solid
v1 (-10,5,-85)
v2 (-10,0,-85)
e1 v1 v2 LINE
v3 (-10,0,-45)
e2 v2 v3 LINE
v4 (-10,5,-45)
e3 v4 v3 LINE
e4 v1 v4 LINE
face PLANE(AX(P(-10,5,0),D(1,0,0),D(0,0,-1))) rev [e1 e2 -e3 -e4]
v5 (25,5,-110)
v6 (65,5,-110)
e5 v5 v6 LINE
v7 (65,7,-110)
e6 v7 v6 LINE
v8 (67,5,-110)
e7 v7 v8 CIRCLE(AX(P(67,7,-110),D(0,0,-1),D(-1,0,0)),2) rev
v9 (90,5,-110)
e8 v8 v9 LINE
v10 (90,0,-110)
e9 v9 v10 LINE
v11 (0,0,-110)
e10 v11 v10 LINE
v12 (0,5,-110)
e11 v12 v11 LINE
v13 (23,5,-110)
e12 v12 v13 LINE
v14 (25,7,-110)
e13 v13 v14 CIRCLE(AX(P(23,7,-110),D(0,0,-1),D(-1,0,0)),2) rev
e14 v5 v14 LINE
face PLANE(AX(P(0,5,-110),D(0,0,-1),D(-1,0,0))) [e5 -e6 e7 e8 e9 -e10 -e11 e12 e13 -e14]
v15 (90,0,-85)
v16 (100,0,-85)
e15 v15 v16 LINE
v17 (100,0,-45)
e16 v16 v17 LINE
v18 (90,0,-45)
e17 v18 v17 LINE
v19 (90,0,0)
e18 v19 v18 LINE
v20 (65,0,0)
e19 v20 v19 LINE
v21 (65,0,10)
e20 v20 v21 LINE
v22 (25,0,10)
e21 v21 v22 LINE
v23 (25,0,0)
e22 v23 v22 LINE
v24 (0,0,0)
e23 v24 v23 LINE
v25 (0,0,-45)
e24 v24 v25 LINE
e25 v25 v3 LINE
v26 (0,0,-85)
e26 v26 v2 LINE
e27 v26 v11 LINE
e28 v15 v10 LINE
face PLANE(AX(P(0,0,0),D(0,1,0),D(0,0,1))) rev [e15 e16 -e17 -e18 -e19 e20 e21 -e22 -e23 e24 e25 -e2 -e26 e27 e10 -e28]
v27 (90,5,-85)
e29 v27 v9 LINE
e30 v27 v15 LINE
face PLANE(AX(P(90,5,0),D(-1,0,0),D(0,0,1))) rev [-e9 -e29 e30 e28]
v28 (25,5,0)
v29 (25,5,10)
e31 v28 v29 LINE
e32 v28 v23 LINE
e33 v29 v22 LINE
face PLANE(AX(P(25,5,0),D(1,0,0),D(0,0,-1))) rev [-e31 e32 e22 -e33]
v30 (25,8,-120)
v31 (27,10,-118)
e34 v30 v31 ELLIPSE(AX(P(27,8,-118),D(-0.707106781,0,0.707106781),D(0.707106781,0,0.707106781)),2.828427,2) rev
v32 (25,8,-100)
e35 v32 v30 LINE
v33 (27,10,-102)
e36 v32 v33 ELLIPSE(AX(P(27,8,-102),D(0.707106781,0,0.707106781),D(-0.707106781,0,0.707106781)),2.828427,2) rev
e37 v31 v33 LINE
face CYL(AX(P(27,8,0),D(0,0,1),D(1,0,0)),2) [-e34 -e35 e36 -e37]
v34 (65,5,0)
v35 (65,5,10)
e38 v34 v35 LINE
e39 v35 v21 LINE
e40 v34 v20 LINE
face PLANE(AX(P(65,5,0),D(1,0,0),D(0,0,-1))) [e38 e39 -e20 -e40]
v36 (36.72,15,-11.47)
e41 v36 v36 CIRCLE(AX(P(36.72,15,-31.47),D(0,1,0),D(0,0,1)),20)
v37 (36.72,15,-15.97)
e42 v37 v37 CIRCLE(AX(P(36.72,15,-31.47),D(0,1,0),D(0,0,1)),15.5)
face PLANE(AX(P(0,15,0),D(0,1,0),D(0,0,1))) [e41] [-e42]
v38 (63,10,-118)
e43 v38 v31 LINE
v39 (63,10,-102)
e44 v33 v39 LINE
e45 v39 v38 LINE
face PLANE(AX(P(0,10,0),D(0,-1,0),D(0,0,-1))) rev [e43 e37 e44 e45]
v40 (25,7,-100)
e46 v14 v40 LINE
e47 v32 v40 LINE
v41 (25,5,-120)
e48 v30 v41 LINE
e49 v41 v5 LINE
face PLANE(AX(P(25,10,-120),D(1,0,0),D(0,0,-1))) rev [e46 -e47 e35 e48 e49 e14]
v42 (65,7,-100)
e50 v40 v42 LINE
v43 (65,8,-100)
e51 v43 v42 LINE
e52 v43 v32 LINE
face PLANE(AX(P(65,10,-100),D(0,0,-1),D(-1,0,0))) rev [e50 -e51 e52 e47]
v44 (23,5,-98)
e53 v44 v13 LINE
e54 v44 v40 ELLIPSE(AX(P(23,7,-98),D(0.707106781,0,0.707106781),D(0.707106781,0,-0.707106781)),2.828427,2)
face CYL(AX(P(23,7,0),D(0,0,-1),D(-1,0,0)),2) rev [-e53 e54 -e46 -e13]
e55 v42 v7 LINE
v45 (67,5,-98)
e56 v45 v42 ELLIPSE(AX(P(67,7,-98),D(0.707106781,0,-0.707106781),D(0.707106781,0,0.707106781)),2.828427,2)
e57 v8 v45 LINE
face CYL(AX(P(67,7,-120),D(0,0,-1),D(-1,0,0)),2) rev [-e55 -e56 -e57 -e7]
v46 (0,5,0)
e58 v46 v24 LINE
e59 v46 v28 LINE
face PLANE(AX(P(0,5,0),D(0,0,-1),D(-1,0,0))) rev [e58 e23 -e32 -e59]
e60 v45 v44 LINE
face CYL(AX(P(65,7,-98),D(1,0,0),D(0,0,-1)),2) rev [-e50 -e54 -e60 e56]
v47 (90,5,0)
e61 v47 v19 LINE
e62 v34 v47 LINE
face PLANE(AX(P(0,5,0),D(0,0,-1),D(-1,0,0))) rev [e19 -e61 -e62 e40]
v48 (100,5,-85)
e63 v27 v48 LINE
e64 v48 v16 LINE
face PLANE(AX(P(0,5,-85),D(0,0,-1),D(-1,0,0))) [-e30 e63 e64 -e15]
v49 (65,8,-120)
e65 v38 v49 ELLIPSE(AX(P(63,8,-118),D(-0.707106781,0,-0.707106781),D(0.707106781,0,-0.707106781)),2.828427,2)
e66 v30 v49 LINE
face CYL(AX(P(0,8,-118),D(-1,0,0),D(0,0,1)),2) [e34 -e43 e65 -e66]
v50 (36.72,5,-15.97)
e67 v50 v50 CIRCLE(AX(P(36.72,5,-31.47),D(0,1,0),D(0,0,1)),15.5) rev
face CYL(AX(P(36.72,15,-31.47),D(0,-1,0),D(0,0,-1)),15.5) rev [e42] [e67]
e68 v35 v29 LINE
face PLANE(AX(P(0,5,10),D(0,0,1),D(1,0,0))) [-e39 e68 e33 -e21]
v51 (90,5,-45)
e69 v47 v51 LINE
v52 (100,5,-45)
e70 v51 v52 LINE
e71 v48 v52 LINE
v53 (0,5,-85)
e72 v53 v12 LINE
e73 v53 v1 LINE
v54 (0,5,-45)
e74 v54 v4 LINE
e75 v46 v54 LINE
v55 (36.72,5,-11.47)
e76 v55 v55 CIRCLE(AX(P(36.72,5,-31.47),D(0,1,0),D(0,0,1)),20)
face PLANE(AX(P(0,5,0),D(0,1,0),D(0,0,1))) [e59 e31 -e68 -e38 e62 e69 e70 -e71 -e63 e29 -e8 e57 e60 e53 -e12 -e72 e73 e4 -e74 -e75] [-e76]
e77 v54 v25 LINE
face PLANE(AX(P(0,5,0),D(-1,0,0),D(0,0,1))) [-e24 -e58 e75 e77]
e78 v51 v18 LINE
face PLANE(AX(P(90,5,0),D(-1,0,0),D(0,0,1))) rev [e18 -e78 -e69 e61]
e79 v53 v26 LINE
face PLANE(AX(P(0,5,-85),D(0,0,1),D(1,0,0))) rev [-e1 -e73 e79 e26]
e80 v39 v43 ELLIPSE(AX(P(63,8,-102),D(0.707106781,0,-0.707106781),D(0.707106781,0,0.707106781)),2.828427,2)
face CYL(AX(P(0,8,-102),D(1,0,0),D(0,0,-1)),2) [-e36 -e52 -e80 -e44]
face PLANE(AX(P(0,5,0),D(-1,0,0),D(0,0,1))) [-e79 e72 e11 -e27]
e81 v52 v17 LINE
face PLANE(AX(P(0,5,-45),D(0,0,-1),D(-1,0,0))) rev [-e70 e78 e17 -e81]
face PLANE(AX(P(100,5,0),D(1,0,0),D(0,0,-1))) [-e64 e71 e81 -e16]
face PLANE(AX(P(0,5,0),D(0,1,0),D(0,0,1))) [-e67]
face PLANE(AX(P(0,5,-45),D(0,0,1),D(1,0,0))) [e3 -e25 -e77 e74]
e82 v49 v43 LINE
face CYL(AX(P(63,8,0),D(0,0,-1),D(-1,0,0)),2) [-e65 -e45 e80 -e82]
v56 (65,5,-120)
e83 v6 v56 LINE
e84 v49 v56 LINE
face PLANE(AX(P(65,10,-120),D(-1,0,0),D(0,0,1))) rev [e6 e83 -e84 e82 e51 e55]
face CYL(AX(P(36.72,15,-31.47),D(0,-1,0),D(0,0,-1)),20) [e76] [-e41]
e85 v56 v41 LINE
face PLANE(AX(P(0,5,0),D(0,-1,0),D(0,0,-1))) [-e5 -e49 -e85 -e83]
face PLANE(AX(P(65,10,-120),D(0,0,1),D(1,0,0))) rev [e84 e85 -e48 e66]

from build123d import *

# Parameters (mm, degrees)
SKETCH1_W           = 90
SKETCH1_H           = 110
SKETCH1_W_2         = 10
SKETCH1_H_2         = 40
SKETCH1_W_3         = 40
SKETCH1_H_3         = 10
BOSS_EXTRUDE1_DEPTH = 5
SKETCH4_R           = 20
SKETCH4_R_2         = 15.5
BOSS_EXTRUDE2_DEPTH = 10
SKETCH5_W           = 40
SKETCH5_H           = 20
BOSS_EXTRUDE3_DEPTH = 5
FILLET1_R           = 2


with BuildPart() as part:
    # Sketch1 → Boss-Extrude1 (new body)
    with BuildSketch(Plane(origin=(0, 0, 0), x_dir=(1, 0, 0), z_dir=(0, 1, 0))):
        with Locations((45, 55)):
            Rectangle(SKETCH1_W, SKETCH1_H)
        with Locations((-5, 65)):
            Rectangle(SKETCH1_W_2, SKETCH1_H_2)
        with Locations((95, 65)):
            Rectangle(SKETCH1_W_2, SKETCH1_H_2)
        with Locations((45, -5)):
            Rectangle(SKETCH1_W_3, SKETCH1_H_3)
    extrude(amount=BOSS_EXTRUDE1_DEPTH)

    # Sketch4 → Boss-Extrude2 (add)
    with BuildSketch(Plane(origin=(0, 5, 0), x_dir=(1, 0, 0), z_dir=(0, 1, 0))):
        with Locations(Location((36.72, 31.47, 0), (0, 0, 270))):
            Circle(SKETCH4_R)
        with Locations(Location((36.72, 31.47, 0), (0, 0, 270))):
            Circle(SKETCH4_R_2, mode=Mode.SUBTRACT)
    extrude(amount=BOSS_EXTRUDE2_DEPTH)

    # Sketch5 → Boss-Extrude3 (add)
    with BuildSketch(Plane(origin=(0, 5, 0), x_dir=(1, 0, 0), z_dir=(0, 1, 0))):
        with Locations((45, 110)):
            Rectangle(SKETCH5_W, SKETCH5_H)
    extrude(amount=BOSS_EXTRUDE3_DEPTH)

    # Fillet1
    fillet1_edges = [part.edges().sort_by_distance(p)[0] for p in [
        (25, 5, -105),
        (45, 5, -100),
        (65, 5, -105),
        (25, 10, -110),
        (45, 10, -100),
        (65, 10, -110),
        (45, 10, -120),
    ]]
    fillet(fillet1_edges, radius=FILLET1_R)


solid = part.part
